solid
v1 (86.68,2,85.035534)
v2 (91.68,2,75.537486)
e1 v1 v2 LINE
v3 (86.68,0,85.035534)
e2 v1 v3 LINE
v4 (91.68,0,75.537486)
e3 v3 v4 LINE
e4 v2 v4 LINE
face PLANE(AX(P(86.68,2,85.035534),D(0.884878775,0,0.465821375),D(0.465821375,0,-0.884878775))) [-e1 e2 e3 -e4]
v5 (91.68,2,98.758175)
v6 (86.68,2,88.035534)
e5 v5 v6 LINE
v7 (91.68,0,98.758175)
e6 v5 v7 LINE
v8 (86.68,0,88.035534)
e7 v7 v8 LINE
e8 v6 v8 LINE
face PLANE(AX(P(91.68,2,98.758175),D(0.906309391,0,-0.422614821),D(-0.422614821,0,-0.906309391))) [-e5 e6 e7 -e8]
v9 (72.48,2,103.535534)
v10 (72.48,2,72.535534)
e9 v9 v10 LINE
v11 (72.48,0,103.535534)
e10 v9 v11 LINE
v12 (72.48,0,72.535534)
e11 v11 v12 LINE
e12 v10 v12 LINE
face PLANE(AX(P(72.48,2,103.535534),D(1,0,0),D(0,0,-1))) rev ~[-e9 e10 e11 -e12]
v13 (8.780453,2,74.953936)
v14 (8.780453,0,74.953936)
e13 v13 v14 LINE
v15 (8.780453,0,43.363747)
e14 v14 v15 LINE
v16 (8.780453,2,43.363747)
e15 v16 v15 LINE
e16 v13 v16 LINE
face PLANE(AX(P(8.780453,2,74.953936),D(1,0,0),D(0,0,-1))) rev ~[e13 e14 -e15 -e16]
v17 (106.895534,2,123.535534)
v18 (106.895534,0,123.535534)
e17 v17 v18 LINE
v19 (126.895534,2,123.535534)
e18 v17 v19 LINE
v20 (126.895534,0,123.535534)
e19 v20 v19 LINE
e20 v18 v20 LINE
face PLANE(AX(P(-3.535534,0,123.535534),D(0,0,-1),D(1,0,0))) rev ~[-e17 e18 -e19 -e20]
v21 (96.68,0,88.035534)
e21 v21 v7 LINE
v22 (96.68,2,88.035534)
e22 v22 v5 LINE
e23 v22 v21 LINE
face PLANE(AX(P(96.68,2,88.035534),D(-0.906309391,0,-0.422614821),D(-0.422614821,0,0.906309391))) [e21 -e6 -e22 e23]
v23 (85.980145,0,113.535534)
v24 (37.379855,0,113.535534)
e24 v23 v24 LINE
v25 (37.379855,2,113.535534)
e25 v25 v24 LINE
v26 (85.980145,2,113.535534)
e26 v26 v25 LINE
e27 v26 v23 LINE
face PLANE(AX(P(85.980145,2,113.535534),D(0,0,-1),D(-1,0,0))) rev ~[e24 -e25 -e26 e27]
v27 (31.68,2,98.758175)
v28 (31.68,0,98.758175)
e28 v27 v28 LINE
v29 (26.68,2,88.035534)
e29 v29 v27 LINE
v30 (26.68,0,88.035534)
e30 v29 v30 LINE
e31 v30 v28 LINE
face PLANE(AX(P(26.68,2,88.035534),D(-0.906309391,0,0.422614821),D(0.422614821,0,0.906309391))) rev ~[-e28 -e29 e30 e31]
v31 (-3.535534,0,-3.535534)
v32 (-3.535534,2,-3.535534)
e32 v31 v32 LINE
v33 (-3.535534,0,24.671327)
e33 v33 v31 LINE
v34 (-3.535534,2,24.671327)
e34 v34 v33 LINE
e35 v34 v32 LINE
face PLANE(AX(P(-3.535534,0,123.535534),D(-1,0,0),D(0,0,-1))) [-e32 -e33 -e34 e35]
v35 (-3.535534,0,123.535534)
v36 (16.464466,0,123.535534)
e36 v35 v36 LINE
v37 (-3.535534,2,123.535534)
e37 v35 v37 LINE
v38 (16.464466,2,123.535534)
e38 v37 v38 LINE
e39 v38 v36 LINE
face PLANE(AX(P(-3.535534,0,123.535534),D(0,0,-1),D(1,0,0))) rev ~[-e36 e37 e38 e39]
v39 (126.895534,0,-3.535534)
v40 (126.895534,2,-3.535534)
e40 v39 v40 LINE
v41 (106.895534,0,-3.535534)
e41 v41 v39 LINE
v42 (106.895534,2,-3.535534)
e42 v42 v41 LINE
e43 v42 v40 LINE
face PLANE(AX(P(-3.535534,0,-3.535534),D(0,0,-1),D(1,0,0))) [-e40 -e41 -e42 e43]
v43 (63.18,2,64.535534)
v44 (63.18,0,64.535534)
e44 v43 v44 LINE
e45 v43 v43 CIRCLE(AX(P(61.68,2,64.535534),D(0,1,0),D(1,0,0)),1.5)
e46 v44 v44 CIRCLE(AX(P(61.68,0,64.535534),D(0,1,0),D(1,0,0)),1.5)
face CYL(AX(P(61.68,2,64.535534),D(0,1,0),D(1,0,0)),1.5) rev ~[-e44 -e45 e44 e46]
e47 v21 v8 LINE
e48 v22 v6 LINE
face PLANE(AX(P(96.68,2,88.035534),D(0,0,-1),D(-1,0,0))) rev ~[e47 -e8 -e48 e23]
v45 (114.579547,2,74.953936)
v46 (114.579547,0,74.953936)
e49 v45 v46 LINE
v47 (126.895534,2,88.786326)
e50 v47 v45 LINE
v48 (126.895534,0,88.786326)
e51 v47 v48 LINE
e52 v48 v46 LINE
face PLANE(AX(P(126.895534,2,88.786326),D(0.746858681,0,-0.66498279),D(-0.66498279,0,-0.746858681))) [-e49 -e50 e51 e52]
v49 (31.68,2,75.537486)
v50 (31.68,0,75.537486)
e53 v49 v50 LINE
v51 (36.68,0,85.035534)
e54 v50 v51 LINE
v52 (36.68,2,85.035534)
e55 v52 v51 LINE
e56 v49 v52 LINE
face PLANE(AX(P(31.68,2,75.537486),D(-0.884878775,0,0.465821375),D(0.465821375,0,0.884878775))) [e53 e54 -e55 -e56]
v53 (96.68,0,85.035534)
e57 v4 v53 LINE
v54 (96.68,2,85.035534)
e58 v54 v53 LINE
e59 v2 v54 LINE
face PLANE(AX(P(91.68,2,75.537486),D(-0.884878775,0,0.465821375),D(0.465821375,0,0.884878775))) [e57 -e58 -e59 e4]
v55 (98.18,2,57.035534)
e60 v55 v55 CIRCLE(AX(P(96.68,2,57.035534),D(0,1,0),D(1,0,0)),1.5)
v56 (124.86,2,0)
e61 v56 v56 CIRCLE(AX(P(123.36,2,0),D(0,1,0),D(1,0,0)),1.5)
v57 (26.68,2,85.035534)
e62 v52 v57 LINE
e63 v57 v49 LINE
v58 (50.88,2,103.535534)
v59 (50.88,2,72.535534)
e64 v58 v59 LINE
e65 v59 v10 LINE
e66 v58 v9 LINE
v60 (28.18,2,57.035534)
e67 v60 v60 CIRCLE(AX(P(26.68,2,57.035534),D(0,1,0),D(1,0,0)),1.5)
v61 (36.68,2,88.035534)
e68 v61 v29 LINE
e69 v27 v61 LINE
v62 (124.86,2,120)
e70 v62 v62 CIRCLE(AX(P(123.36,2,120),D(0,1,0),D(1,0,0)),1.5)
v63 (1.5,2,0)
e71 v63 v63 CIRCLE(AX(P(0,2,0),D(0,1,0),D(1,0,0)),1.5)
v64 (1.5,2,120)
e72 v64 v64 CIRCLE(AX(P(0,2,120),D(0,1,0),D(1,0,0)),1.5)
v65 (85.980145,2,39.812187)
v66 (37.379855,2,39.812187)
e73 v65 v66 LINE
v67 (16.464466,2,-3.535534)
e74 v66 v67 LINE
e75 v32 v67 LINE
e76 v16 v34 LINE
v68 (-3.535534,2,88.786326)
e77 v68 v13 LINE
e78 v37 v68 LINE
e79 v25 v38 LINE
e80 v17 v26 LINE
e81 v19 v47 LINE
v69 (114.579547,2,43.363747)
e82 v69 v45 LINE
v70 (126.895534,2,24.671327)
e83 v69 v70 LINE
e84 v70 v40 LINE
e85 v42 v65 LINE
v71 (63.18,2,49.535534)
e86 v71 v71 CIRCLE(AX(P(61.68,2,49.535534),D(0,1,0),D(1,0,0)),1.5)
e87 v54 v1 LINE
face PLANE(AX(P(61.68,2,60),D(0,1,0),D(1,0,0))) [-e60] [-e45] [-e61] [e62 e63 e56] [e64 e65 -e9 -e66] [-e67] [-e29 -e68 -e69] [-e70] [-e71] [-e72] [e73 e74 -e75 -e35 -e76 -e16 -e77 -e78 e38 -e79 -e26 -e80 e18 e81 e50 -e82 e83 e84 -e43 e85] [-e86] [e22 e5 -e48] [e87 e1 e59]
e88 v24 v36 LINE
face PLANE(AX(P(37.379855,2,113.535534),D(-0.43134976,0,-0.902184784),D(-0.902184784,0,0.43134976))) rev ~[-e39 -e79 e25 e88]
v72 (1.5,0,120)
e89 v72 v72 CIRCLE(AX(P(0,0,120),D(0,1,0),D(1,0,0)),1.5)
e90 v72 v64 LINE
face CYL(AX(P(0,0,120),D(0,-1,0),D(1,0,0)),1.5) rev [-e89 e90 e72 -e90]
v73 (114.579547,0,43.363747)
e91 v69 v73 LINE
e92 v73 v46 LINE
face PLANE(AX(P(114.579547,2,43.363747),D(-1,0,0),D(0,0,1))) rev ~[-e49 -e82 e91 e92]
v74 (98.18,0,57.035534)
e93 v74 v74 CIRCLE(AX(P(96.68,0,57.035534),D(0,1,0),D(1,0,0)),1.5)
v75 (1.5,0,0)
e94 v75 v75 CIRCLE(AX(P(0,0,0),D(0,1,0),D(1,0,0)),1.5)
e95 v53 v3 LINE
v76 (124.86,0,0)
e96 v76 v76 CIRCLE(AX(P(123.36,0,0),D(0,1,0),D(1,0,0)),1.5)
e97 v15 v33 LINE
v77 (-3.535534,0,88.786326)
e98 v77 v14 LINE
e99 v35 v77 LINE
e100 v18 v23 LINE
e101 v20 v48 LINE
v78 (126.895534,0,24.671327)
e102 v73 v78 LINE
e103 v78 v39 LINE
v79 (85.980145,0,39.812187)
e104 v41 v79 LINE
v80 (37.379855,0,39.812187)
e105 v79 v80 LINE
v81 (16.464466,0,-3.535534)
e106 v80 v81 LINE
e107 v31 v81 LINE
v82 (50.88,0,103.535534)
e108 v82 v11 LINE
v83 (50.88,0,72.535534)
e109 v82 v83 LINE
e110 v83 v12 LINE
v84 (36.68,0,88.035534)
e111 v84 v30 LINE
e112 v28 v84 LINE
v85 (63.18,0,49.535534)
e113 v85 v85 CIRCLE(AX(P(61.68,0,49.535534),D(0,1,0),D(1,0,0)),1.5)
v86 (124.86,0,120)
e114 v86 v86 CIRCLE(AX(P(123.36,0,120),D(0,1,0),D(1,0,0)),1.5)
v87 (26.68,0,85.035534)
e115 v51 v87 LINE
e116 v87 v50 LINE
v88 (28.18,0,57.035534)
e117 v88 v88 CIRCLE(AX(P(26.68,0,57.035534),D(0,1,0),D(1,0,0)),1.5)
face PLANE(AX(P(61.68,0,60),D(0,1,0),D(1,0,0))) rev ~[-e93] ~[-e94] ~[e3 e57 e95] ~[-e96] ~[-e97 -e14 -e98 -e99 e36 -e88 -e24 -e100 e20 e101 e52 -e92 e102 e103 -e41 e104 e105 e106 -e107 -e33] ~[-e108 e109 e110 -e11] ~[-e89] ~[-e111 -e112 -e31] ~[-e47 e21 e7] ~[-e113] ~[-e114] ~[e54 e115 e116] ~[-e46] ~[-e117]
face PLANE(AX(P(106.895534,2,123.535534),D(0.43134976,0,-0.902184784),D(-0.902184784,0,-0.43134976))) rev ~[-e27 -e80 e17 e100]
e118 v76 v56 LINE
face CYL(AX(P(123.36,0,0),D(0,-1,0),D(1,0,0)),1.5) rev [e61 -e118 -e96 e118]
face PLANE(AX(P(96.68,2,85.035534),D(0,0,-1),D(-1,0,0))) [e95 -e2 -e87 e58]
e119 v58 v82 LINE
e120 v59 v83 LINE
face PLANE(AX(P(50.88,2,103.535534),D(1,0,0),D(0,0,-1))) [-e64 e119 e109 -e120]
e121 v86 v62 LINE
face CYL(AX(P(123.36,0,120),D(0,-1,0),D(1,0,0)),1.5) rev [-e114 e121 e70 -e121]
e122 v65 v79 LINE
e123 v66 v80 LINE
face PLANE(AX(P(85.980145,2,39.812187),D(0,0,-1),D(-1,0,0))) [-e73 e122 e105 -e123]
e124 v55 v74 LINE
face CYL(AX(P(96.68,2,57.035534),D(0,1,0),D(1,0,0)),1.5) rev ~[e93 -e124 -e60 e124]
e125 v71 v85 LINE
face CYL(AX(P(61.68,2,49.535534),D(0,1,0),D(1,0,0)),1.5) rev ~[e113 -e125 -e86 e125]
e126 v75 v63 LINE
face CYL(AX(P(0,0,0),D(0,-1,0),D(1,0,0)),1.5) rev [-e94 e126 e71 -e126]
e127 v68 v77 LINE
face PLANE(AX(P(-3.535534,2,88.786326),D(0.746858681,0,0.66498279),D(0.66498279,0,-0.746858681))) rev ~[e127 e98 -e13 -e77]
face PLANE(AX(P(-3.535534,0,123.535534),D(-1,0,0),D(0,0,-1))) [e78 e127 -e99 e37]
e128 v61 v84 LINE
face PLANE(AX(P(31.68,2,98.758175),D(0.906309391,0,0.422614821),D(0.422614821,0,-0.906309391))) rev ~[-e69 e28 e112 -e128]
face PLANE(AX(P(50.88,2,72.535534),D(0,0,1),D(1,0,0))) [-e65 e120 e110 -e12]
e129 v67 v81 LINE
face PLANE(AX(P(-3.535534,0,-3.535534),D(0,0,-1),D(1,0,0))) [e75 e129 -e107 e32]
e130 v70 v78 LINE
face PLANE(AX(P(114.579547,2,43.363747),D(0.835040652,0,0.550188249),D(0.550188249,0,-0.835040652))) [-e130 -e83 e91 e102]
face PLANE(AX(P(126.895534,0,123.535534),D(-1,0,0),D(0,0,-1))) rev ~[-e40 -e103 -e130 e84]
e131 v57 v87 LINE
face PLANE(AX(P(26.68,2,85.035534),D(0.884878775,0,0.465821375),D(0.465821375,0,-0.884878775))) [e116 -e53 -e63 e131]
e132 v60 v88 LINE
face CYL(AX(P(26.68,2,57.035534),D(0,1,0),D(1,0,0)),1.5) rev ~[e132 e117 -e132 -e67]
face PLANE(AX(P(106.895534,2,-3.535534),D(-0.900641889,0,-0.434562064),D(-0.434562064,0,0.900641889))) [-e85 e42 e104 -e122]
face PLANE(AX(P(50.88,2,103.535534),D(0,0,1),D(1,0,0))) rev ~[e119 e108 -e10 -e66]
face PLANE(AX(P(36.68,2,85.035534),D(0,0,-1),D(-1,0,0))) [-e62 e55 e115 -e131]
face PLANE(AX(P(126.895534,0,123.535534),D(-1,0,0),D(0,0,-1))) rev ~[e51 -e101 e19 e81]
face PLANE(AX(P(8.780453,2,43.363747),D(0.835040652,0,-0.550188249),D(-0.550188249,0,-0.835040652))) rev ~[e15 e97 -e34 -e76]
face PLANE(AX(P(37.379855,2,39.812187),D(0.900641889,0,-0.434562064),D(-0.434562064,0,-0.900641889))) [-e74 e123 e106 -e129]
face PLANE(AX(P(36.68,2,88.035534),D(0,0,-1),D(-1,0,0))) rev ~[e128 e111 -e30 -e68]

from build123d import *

# Parameters (mm, degrees)
SKETCH1_W           = 130.431067812
SKETCH1_H           = 127.071067812
SKETCH1_R           = 1.5
BOSS_EXTRUDE1_DEPTH = 2
CUT_EXTRUDE2_DEPTH  = 2
CUT_EXTRUDE3_DEPTH  = 2
SKETCH5_W           = 21.6
SKETCH5_H           = 31
CUT_EXTRUDE4_DEPTH  = 10
SKETCH6_R           = 1.5
CUT_EXTRUDE5_DEPTH  = 10
CUT_EXTRUDE6_DEPTH  = 10
CUT_EXTRUDE7_DEPTH  = 10


with BuildPart() as part:
    # Sketch1 → Boss-Extrude1 (new body)
    with BuildSketch(Plane(origin=(0, 0, 0), x_dir=(1, 0, 0), z_dir=(0, 1, 0))):
        with Locations((61.68, -60)):
            Rectangle(SKETCH1_W, SKETCH1_H)
        with Locations((0, -120)):
            Circle(SKETCH1_R, mode=Mode.SUBTRACT)
        with Locations((123.36, -120)):
            Circle(SKETCH1_R, mode=Mode.SUBTRACT)
        with Locations((123.36, 0)):
            Circle(SKETCH1_R, mode=Mode.SUBTRACT)
        Circle(SKETCH1_R, mode=Mode.SUBTRACT)
    extrude(amount=BOSS_EXTRUDE1_DEPTH)

    # Sketch3 → Cut-Extrude2 (cut)
    with BuildSketch(Plane(origin=(0, 2, 0), x_dir=(1, 0, 0), z_dir=(0, 1, 0))):
        Polygon((16.464466094, 3.535533906), (106.895533906, 3.535533906), (85.98014536, -39.812186932), (37.37985464, -39.812186932), align=None)
    extrude(amount=-CUT_EXTRUDE2_DEPTH, mode=Mode.SUBTRACT)

    # Sketch4 → Cut-Extrude3 (cut)
    with BuildSketch(Plane(origin=(0, 2, 0), x_dir=(1, 0, 0), z_dir=(0, 1, 0))):
        Polygon((85.98014536, -113.535533906), (37.37985464, -113.535533906), (16.464466094, -123.535533906), (106.895533906, -123.535533906), align=None)
    extrude(amount=-CUT_EXTRUDE3_DEPTH, mode=Mode.SUBTRACT)

    # Sketch5 → Cut-Extrude4 (cut)
    with BuildSketch(Plane(origin=(0, 2, 0), x_dir=(1, 0, 0), z_dir=(0, 1, 0))):
        with Locations((61.68, -88.035533906)):
            Rectangle(SKETCH5_W, SKETCH5_H)
    extrude(amount=-CUT_EXTRUDE4_DEPTH, mode=Mode.SUBTRACT)

    # Sketch6 → Cut-Extrude5 (cut)
    with BuildSketch(Plane(origin=(0, 2, 0), x_dir=(1, 0, 0), z_dir=(0, 1, 0))):
        with Locations((61.68, -64.535533906)):
            Circle(SKETCH6_R)
        with Locations((61.68, -49.535533906)):
            Circle(SKETCH6_R)
        with Locations((26.68, -57.035533906)):
            Circle(SKETCH6_R)
        with Locations((96.68, -57.035533906)):
            Circle(SKETCH6_R)
    extrude(amount=-CUT_EXTRUDE5_DEPTH, mode=Mode.SUBTRACT)

    # Sketch7 → Cut-Extrude6 (cut)
    with BuildSketch(Plane(origin=(0, 2, 0), x_dir=(1, 0, 0), z_dir=(0, 1, 0))):
        Polygon((31.68, -98.75817479), (36.68, -88.035533906), (31.68, -88.035533906), (26.68, -88.035533906), align=None)
        Polygon((36.68, -85.035533906), (26.68, -85.035533906), (31.68, -75.537485709), align=None)
        Polygon((86.68, -88.035533906), (91.68, -88.035533906), (96.68, -88.035533906), (91.68, -98.75817479), align=None)
        Polygon((86.68, -85.035533906), (91.68, -75.537485709), (96.68, -85.035533906), align=None)
    extrude(amount=-CUT_EXTRUDE6_DEPTH, mode=Mode.SUBTRACT)

    # Sketch8 → Cut-Extrude7 (cut)
    with BuildSketch(Plane(origin=(0, 2, 0), x_dir=(1, 0, 0), z_dir=(0, 1, 0))):
        Polygon((8.780452794, -60), (8.780452794, -43.363746638), (-3.535533906, -24.671327131), (-3.535533906, -88.786326042), (8.780452794, -74.953935606), align=None)
        Polygon((114.579547206, -43.363746638), (126.895533906, -24.671327131), (126.895533906, -88.786326042), (114.579547206, -74.953935606), (114.579547206, -60), align=None)
    extrude(amount=-CUT_EXTRUDE7_DEPTH, mode=Mode.SUBTRACT)


solid = part.part
